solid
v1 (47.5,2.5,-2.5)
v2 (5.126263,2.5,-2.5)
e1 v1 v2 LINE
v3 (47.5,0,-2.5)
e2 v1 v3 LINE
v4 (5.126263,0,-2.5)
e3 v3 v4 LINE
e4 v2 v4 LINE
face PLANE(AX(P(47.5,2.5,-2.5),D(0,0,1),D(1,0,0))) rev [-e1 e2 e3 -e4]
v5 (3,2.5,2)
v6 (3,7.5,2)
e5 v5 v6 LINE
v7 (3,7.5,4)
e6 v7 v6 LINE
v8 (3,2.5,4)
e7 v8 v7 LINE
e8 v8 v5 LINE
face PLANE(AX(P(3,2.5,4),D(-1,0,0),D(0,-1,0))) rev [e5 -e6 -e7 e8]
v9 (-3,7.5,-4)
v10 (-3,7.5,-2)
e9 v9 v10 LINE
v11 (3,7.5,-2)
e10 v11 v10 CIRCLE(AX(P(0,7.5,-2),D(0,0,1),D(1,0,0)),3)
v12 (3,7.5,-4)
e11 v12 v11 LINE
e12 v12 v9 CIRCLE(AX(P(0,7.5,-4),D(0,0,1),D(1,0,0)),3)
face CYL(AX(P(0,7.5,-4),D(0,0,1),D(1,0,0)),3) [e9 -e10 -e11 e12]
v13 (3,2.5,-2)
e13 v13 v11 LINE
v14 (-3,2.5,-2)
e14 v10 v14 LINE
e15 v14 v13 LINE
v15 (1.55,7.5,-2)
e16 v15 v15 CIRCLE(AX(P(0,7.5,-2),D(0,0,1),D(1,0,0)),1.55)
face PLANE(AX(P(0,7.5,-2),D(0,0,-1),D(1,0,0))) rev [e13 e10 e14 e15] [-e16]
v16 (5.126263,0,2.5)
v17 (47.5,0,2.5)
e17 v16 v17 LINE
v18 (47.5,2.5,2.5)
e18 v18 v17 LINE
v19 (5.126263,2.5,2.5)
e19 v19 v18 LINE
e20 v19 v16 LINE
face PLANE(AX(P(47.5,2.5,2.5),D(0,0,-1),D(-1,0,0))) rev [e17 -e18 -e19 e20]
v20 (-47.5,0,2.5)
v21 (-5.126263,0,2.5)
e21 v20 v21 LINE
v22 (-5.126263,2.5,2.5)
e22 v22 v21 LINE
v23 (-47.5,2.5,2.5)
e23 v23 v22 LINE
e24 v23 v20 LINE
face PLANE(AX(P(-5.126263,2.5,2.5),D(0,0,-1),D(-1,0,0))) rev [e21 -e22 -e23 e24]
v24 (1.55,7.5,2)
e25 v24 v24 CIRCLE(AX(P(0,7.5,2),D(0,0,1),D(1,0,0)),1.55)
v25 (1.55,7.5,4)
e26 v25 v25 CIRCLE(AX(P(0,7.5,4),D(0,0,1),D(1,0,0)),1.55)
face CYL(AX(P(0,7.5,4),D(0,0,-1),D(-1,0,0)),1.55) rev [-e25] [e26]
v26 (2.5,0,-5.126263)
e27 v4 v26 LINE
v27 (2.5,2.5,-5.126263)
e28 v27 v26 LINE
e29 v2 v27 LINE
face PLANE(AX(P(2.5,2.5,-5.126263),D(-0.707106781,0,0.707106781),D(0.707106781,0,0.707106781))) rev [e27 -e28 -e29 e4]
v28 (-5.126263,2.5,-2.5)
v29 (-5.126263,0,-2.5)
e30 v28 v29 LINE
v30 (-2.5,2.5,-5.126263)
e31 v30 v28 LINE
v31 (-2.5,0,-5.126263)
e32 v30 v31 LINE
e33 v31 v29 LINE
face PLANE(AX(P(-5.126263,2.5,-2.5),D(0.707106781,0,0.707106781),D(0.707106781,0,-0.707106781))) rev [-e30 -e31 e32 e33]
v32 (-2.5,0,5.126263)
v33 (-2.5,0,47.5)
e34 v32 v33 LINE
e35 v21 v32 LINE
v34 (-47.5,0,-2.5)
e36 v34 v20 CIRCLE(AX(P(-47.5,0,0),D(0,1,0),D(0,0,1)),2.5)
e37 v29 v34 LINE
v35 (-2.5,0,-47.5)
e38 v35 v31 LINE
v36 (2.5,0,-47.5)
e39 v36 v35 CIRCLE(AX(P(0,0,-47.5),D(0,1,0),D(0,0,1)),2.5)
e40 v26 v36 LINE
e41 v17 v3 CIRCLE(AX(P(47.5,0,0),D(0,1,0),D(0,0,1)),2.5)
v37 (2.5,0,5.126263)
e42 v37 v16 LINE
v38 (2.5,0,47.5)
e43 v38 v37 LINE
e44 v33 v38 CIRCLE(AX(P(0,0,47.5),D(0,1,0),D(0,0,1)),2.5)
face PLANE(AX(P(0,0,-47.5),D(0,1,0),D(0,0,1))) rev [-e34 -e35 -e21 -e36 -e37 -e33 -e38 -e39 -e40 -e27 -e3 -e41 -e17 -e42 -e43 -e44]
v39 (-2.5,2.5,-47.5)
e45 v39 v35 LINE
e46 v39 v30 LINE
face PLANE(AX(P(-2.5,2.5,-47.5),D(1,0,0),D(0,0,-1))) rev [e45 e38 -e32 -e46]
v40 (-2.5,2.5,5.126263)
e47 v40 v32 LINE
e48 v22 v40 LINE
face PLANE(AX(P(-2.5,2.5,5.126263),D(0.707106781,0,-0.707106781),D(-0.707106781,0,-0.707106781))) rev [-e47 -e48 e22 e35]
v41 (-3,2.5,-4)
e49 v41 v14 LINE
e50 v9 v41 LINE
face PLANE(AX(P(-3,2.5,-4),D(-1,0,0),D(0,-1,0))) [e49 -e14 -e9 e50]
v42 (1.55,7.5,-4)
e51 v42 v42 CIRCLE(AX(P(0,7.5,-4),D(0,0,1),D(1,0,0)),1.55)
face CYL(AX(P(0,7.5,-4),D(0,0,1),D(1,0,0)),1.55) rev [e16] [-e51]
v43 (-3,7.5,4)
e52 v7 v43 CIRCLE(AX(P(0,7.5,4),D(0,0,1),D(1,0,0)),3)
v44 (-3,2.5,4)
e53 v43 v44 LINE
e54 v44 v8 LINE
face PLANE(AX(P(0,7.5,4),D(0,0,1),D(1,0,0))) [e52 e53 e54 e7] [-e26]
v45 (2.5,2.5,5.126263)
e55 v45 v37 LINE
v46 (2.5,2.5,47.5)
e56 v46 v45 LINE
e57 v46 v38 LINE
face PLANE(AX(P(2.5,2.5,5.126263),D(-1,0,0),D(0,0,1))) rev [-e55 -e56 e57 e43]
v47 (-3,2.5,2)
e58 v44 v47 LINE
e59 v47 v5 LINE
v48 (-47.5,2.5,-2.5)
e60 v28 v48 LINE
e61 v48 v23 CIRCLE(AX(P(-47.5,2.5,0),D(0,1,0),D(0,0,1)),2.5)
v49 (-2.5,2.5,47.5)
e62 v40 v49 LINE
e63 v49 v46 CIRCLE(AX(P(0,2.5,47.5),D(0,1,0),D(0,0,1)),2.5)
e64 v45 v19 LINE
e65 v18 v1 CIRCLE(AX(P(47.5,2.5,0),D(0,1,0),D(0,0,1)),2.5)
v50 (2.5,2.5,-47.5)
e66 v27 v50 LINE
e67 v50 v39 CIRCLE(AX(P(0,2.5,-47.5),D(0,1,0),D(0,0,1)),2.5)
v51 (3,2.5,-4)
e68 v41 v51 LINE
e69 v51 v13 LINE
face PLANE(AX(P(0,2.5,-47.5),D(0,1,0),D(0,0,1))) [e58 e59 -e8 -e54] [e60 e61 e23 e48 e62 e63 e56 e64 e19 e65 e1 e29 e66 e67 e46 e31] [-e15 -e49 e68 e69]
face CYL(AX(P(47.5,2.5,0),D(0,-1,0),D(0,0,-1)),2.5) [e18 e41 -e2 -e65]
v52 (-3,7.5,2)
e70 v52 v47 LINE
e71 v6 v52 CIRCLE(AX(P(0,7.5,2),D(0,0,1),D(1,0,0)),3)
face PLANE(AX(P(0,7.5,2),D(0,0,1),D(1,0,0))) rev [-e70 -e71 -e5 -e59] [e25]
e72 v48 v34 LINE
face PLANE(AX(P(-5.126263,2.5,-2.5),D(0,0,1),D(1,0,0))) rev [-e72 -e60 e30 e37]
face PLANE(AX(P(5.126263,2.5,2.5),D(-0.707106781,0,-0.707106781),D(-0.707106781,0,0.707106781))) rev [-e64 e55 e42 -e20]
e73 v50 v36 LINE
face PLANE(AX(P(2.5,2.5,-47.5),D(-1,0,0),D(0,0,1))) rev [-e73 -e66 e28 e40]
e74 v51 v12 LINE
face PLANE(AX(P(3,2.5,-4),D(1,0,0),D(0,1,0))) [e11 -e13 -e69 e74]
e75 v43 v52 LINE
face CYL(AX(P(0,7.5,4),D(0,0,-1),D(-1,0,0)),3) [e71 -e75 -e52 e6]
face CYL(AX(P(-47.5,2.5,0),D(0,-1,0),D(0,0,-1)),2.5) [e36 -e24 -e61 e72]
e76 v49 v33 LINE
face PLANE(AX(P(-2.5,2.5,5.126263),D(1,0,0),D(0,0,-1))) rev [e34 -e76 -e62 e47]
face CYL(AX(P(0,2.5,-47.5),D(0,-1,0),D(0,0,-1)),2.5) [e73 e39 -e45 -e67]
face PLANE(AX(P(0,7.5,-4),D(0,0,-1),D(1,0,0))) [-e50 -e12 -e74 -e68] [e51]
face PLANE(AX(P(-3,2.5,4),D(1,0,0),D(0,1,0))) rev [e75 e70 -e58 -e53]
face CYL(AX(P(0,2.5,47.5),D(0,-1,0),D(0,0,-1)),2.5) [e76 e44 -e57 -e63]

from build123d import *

# Parameters (mm, degrees)
BOSS_EXTRUDE1_DEPTH = 2.5
SKETCH2_R           = 1.55
BOSS_EXTRUDE2_DEPTH = 1


with BuildPart() as part:
    # Sketch1 → Boss-Extrude1 (new body)
    with BuildSketch(Plane(origin=(0, 0, 0), x_dir=(1, 0, 0), z_dir=(0, 1, 0))):
        with BuildLine():
            Line((2.5, 47.5), (2.5, 5.126263096))
            Line((2.5, 5.126263096), (5.126263096, 2.5))
            Line((5.126263096, 2.5), (47.5, 2.5))
            ThreePointArc((47.5, 2.5), (50, 0), (47.5, -2.5))
            Line((47.5, -2.5), (5.126263096, -2.5))
            Line((5.126263096, -2.5), (2.5, -5.126263096))
            Line((2.5, -5.126263096), (2.5, -47.5))
            ThreePointArc((2.5, -47.5), (0, -50), (-2.5, -47.5))
            Line((-2.5, -47.5), (-2.5, -5.126263096))
            Line((-2.5, -5.126263096), (-5.126263096, -2.5))
            Line((-5.126263096, -2.5), (-47.5, -2.5))
            ThreePointArc((-47.5, -2.5), (-50, 0), (-47.5, 2.5))
            Line((-47.5, 2.5), (-5.126263096, 2.5))
            Line((-5.126263096, 2.5), (-2.5, 5.126263096))
            Line((-2.5, 5.126263096), (-2.5, 47.5))
            ThreePointArc((-2.5, 47.5), (0, 50), (2.5, 47.5))
        make_face()
    extrude(amount=BOSS_EXTRUDE1_DEPTH)

    # Sketch2 → Boss-Extrude2 (add, symmetric)
    with BuildSketch(Plane.XY.offset(3)):
        with BuildLine():
            Line((-3, 2.5), (3, 2.5))
            Line((3, 2.5), (3, 7.5))
            ThreePointArc((3, 7.5), (0, 10.5), (-3, 7.5))
            Line((-3, 7.5), (-3, 2.5))
        make_face()
        with Locations((0, 7.5)):
            Circle(SKETCH2_R, mode=Mode.SUBTRACT)
    boss_extrude2 = extrude(amount=BOSS_EXTRUDE2_DEPTH, both=True)

    # Mirror2: Boss-Extrude2 across plane
    add(boss_extrude2.mirror(Plane.XY))


solid = part.part
